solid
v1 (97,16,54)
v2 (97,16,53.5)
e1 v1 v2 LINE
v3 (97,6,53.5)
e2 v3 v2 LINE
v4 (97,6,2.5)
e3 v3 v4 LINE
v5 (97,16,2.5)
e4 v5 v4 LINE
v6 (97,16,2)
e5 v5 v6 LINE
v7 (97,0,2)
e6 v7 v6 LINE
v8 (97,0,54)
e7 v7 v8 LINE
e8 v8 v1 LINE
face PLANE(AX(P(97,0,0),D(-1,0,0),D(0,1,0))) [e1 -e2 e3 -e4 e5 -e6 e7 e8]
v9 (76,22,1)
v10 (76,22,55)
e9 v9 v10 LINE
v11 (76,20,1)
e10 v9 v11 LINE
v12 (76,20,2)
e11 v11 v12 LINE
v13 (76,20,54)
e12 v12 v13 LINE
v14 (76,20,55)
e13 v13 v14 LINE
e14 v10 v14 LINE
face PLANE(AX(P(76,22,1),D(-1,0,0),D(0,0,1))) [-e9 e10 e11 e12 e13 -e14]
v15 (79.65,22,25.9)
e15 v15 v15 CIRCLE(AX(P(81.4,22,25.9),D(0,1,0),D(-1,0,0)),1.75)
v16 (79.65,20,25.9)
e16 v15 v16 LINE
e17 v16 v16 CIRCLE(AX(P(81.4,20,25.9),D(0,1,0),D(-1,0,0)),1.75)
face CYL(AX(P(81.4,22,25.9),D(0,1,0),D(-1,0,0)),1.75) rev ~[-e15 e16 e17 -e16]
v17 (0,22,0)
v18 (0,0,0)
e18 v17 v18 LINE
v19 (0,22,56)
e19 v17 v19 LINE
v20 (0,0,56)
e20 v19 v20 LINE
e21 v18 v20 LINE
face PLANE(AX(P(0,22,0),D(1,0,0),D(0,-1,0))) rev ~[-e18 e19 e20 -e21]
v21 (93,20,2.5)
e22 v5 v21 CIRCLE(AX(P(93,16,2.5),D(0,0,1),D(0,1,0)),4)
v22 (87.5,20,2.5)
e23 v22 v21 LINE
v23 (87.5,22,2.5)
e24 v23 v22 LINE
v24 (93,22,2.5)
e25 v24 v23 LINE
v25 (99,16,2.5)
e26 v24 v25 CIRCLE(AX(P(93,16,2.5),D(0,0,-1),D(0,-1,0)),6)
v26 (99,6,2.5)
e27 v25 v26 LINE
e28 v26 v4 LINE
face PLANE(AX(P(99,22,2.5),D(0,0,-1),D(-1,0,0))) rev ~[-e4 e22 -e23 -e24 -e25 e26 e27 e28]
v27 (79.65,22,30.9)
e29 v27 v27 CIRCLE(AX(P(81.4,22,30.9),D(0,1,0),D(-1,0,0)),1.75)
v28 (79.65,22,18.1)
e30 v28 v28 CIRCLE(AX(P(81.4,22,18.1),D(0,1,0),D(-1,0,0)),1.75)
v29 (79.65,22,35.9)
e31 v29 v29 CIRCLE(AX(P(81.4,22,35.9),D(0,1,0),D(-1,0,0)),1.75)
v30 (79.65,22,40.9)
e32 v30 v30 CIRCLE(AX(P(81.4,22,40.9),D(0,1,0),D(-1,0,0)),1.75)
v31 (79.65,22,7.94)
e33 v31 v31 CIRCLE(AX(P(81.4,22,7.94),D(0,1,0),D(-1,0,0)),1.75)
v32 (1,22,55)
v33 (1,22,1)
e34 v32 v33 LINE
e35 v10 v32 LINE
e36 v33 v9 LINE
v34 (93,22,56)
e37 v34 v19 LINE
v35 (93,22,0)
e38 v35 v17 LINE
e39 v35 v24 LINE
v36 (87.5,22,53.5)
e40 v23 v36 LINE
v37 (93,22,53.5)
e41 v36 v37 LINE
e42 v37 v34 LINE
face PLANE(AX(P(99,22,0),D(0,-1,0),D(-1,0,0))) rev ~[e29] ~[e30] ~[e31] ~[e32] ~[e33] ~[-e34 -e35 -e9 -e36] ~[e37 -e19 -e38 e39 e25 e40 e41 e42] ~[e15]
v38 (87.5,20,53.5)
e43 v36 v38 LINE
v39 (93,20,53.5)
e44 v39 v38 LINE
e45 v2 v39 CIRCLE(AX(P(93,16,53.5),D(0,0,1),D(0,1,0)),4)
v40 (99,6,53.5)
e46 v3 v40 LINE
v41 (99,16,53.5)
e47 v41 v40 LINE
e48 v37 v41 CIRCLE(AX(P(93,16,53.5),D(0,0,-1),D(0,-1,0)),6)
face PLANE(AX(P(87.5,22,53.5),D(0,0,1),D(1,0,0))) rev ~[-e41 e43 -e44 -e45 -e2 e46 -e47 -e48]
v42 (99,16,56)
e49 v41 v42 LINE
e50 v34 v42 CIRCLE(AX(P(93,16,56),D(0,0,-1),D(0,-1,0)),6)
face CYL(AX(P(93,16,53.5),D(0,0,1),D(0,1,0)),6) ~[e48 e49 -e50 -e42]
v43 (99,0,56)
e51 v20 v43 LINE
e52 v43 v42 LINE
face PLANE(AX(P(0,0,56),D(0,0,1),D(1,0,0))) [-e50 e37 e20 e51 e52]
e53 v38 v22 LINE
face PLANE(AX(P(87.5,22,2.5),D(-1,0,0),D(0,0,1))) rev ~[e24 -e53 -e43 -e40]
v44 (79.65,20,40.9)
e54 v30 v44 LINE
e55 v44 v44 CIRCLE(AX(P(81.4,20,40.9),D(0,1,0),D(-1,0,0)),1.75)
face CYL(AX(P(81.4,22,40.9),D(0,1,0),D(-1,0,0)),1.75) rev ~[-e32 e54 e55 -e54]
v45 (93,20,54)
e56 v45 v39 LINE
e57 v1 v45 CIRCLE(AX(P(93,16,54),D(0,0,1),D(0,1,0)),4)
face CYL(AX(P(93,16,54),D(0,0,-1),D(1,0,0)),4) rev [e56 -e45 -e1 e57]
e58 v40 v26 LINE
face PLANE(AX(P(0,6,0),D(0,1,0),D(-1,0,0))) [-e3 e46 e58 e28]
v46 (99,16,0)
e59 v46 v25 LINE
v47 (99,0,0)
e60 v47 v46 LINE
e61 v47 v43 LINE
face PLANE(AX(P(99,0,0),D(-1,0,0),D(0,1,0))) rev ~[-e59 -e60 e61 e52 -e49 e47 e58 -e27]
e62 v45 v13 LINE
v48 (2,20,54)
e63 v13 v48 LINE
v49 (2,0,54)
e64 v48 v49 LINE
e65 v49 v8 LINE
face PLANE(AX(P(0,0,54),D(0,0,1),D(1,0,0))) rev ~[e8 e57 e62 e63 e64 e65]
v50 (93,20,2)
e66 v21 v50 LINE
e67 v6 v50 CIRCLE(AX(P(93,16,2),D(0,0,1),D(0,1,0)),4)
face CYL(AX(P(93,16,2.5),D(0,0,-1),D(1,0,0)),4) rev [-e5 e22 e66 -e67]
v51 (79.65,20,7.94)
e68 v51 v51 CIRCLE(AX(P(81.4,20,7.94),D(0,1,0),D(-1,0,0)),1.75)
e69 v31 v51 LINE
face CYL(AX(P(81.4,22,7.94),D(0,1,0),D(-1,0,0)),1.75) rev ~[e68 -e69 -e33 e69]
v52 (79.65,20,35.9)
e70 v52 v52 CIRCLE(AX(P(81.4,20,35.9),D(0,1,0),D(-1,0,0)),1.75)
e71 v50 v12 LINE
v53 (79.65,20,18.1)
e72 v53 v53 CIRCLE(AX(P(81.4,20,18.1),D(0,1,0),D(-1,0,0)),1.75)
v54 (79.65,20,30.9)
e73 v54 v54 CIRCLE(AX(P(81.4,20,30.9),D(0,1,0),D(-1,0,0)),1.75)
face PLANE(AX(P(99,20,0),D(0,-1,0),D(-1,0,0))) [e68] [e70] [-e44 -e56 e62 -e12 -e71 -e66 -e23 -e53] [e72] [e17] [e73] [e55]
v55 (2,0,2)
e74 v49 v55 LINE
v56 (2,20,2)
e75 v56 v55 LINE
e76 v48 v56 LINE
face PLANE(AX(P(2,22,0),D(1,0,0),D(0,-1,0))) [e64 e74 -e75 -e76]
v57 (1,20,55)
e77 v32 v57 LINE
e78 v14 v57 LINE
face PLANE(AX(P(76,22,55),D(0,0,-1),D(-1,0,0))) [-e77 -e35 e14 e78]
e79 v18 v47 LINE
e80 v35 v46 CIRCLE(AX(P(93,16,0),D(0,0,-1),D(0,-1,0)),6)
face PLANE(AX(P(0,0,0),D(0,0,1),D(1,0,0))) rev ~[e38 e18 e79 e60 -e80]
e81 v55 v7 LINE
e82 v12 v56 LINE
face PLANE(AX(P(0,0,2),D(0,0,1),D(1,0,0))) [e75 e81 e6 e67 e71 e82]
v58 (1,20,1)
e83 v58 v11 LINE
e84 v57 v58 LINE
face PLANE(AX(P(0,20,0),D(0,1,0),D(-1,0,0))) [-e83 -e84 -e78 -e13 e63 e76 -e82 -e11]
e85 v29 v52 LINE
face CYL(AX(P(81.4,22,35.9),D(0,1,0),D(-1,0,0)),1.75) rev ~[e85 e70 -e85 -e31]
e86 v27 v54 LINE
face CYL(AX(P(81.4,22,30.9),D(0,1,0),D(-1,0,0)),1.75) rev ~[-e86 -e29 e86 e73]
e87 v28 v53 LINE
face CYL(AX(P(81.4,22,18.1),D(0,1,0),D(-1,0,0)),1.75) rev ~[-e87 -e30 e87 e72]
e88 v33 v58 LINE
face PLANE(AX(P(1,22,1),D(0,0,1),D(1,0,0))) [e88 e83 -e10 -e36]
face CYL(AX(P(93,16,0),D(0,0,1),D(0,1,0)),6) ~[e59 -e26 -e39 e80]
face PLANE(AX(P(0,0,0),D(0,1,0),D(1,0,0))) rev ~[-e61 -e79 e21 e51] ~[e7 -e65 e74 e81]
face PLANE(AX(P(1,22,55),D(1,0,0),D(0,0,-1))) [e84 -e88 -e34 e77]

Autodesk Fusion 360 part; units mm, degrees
sketch "Boceto1" plane through (0, 0, 0) normal (0, 0, 1) x (1, 0, 0)
  line L0 (0, 0) -> (99, 0)
  line L1 (99, 0) -> (99, 22)
  line L2 (99, 22) -> (0, 22)
  line L3 (0, 22) -> (0, 0)
  dimension "d1" = 22
  dimension "d2" = 99
extrude "Extruir1" add sketch "Boceto1" along normal blind 56
shell "Vaciado1" thickness 2 removed faces 1 at (33, 0, 18.6667)
sketch "Boceto2" plane through (0, 22, 0) normal (0, 1, 0) x (-1, 0, 0)
  line L0 (-99, 0) -> (0, 0)
  line L1 (0, 0) -> (0, 56)
  line L2 (0, 56) -> (-99, 56)
  line L3 (-99, 56) -> (-99, 0)
  line L4 (-1, 1) -> (-76, 1)
  line L5 (-76, 1) -> (-76, 55)
  line L6 (-76, 55) -> (-1, 55)
  line L7 (-1, 55) -> (-1, 1)
  dimension "d6" = 1
  dimension "d7" = 1
  dimension "d8" = 1
  dimension "d9" = 75
extrude "Extruir2" cut sketch "Boceto2" against normal blind 2 contours L4 L5 L6 L7
sketch "Boceto3" plane through (0, 22, 0) normal (0, 1, 0) x (-1, 0, 0)
  line L0 (-76, 1) -> (-76, 55)
  line L1 (-76, 55) -> (-1, 55)
  line L2 (-1, 55) -> (-1, 1)
  line L3 (-1, 1) -> (-76, 1)
  line L4 (-99, 0) -> (0, 0)
  line L5 (0, 0) -> (0, 56)
  line L6 (0, 56) -> (-99, 56)
  line L7 (-99, 56) -> (-99, 0)
  line L8 (-99, 2.5) -> (-87.5, 2.5)
  line L9 (-87.5, 2.5) -> (-87.5, 53.5)
  line L10 (-87.5, 53.5) -> (-99, 53.5)
  line L11 (-99, 53.5) -> (-99, 2.5)
  circle A0 centre (-81.4, 40.9) radius 1.75
  circle A1 centre (-81.4, 18.1) radius 1.75
  circle A2 centre (-81.4, 7.94) radius 1.75
  circle A3 centre (-81.4, 35.9) radius 1.75
  circle A4 centre (-81.4, 30.9) radius 1.75
  circle A5 centre (-81.4, 25.9) radius 1.75
  dimension "d12" = 2.5
  dimension "d13" = 2.5
  dimension "d14" = 11.5
  dimension "d29" = 0
  dimension "d30" = -15
  dimension "d31" = 6.1
  dimension "d32" = 3.5
  dimension "d33" = 3.5
  dimension "d34" = 3.5
  dimension "d35" = 10.16
  dimension "d36" = 12.6
  dimension "d37" = 7.8
extrude "Extruir3" cut sketch "Boceto3" against normal blind 16 contours L7 L8 L9 L10 L11 | A0 | A1 | A2 | A3 | A4 | A5
fillet "Empalme1" radius 6 2 edges at (99, 22, 1.25) (99, 22, 54.75)
fillet "Empalme1" radius 4 2 edges at (97, 20, 2.25) (97, 20, 53.75)
equation "d35 = ( 4 * 2.54 ) * 1 mm"
